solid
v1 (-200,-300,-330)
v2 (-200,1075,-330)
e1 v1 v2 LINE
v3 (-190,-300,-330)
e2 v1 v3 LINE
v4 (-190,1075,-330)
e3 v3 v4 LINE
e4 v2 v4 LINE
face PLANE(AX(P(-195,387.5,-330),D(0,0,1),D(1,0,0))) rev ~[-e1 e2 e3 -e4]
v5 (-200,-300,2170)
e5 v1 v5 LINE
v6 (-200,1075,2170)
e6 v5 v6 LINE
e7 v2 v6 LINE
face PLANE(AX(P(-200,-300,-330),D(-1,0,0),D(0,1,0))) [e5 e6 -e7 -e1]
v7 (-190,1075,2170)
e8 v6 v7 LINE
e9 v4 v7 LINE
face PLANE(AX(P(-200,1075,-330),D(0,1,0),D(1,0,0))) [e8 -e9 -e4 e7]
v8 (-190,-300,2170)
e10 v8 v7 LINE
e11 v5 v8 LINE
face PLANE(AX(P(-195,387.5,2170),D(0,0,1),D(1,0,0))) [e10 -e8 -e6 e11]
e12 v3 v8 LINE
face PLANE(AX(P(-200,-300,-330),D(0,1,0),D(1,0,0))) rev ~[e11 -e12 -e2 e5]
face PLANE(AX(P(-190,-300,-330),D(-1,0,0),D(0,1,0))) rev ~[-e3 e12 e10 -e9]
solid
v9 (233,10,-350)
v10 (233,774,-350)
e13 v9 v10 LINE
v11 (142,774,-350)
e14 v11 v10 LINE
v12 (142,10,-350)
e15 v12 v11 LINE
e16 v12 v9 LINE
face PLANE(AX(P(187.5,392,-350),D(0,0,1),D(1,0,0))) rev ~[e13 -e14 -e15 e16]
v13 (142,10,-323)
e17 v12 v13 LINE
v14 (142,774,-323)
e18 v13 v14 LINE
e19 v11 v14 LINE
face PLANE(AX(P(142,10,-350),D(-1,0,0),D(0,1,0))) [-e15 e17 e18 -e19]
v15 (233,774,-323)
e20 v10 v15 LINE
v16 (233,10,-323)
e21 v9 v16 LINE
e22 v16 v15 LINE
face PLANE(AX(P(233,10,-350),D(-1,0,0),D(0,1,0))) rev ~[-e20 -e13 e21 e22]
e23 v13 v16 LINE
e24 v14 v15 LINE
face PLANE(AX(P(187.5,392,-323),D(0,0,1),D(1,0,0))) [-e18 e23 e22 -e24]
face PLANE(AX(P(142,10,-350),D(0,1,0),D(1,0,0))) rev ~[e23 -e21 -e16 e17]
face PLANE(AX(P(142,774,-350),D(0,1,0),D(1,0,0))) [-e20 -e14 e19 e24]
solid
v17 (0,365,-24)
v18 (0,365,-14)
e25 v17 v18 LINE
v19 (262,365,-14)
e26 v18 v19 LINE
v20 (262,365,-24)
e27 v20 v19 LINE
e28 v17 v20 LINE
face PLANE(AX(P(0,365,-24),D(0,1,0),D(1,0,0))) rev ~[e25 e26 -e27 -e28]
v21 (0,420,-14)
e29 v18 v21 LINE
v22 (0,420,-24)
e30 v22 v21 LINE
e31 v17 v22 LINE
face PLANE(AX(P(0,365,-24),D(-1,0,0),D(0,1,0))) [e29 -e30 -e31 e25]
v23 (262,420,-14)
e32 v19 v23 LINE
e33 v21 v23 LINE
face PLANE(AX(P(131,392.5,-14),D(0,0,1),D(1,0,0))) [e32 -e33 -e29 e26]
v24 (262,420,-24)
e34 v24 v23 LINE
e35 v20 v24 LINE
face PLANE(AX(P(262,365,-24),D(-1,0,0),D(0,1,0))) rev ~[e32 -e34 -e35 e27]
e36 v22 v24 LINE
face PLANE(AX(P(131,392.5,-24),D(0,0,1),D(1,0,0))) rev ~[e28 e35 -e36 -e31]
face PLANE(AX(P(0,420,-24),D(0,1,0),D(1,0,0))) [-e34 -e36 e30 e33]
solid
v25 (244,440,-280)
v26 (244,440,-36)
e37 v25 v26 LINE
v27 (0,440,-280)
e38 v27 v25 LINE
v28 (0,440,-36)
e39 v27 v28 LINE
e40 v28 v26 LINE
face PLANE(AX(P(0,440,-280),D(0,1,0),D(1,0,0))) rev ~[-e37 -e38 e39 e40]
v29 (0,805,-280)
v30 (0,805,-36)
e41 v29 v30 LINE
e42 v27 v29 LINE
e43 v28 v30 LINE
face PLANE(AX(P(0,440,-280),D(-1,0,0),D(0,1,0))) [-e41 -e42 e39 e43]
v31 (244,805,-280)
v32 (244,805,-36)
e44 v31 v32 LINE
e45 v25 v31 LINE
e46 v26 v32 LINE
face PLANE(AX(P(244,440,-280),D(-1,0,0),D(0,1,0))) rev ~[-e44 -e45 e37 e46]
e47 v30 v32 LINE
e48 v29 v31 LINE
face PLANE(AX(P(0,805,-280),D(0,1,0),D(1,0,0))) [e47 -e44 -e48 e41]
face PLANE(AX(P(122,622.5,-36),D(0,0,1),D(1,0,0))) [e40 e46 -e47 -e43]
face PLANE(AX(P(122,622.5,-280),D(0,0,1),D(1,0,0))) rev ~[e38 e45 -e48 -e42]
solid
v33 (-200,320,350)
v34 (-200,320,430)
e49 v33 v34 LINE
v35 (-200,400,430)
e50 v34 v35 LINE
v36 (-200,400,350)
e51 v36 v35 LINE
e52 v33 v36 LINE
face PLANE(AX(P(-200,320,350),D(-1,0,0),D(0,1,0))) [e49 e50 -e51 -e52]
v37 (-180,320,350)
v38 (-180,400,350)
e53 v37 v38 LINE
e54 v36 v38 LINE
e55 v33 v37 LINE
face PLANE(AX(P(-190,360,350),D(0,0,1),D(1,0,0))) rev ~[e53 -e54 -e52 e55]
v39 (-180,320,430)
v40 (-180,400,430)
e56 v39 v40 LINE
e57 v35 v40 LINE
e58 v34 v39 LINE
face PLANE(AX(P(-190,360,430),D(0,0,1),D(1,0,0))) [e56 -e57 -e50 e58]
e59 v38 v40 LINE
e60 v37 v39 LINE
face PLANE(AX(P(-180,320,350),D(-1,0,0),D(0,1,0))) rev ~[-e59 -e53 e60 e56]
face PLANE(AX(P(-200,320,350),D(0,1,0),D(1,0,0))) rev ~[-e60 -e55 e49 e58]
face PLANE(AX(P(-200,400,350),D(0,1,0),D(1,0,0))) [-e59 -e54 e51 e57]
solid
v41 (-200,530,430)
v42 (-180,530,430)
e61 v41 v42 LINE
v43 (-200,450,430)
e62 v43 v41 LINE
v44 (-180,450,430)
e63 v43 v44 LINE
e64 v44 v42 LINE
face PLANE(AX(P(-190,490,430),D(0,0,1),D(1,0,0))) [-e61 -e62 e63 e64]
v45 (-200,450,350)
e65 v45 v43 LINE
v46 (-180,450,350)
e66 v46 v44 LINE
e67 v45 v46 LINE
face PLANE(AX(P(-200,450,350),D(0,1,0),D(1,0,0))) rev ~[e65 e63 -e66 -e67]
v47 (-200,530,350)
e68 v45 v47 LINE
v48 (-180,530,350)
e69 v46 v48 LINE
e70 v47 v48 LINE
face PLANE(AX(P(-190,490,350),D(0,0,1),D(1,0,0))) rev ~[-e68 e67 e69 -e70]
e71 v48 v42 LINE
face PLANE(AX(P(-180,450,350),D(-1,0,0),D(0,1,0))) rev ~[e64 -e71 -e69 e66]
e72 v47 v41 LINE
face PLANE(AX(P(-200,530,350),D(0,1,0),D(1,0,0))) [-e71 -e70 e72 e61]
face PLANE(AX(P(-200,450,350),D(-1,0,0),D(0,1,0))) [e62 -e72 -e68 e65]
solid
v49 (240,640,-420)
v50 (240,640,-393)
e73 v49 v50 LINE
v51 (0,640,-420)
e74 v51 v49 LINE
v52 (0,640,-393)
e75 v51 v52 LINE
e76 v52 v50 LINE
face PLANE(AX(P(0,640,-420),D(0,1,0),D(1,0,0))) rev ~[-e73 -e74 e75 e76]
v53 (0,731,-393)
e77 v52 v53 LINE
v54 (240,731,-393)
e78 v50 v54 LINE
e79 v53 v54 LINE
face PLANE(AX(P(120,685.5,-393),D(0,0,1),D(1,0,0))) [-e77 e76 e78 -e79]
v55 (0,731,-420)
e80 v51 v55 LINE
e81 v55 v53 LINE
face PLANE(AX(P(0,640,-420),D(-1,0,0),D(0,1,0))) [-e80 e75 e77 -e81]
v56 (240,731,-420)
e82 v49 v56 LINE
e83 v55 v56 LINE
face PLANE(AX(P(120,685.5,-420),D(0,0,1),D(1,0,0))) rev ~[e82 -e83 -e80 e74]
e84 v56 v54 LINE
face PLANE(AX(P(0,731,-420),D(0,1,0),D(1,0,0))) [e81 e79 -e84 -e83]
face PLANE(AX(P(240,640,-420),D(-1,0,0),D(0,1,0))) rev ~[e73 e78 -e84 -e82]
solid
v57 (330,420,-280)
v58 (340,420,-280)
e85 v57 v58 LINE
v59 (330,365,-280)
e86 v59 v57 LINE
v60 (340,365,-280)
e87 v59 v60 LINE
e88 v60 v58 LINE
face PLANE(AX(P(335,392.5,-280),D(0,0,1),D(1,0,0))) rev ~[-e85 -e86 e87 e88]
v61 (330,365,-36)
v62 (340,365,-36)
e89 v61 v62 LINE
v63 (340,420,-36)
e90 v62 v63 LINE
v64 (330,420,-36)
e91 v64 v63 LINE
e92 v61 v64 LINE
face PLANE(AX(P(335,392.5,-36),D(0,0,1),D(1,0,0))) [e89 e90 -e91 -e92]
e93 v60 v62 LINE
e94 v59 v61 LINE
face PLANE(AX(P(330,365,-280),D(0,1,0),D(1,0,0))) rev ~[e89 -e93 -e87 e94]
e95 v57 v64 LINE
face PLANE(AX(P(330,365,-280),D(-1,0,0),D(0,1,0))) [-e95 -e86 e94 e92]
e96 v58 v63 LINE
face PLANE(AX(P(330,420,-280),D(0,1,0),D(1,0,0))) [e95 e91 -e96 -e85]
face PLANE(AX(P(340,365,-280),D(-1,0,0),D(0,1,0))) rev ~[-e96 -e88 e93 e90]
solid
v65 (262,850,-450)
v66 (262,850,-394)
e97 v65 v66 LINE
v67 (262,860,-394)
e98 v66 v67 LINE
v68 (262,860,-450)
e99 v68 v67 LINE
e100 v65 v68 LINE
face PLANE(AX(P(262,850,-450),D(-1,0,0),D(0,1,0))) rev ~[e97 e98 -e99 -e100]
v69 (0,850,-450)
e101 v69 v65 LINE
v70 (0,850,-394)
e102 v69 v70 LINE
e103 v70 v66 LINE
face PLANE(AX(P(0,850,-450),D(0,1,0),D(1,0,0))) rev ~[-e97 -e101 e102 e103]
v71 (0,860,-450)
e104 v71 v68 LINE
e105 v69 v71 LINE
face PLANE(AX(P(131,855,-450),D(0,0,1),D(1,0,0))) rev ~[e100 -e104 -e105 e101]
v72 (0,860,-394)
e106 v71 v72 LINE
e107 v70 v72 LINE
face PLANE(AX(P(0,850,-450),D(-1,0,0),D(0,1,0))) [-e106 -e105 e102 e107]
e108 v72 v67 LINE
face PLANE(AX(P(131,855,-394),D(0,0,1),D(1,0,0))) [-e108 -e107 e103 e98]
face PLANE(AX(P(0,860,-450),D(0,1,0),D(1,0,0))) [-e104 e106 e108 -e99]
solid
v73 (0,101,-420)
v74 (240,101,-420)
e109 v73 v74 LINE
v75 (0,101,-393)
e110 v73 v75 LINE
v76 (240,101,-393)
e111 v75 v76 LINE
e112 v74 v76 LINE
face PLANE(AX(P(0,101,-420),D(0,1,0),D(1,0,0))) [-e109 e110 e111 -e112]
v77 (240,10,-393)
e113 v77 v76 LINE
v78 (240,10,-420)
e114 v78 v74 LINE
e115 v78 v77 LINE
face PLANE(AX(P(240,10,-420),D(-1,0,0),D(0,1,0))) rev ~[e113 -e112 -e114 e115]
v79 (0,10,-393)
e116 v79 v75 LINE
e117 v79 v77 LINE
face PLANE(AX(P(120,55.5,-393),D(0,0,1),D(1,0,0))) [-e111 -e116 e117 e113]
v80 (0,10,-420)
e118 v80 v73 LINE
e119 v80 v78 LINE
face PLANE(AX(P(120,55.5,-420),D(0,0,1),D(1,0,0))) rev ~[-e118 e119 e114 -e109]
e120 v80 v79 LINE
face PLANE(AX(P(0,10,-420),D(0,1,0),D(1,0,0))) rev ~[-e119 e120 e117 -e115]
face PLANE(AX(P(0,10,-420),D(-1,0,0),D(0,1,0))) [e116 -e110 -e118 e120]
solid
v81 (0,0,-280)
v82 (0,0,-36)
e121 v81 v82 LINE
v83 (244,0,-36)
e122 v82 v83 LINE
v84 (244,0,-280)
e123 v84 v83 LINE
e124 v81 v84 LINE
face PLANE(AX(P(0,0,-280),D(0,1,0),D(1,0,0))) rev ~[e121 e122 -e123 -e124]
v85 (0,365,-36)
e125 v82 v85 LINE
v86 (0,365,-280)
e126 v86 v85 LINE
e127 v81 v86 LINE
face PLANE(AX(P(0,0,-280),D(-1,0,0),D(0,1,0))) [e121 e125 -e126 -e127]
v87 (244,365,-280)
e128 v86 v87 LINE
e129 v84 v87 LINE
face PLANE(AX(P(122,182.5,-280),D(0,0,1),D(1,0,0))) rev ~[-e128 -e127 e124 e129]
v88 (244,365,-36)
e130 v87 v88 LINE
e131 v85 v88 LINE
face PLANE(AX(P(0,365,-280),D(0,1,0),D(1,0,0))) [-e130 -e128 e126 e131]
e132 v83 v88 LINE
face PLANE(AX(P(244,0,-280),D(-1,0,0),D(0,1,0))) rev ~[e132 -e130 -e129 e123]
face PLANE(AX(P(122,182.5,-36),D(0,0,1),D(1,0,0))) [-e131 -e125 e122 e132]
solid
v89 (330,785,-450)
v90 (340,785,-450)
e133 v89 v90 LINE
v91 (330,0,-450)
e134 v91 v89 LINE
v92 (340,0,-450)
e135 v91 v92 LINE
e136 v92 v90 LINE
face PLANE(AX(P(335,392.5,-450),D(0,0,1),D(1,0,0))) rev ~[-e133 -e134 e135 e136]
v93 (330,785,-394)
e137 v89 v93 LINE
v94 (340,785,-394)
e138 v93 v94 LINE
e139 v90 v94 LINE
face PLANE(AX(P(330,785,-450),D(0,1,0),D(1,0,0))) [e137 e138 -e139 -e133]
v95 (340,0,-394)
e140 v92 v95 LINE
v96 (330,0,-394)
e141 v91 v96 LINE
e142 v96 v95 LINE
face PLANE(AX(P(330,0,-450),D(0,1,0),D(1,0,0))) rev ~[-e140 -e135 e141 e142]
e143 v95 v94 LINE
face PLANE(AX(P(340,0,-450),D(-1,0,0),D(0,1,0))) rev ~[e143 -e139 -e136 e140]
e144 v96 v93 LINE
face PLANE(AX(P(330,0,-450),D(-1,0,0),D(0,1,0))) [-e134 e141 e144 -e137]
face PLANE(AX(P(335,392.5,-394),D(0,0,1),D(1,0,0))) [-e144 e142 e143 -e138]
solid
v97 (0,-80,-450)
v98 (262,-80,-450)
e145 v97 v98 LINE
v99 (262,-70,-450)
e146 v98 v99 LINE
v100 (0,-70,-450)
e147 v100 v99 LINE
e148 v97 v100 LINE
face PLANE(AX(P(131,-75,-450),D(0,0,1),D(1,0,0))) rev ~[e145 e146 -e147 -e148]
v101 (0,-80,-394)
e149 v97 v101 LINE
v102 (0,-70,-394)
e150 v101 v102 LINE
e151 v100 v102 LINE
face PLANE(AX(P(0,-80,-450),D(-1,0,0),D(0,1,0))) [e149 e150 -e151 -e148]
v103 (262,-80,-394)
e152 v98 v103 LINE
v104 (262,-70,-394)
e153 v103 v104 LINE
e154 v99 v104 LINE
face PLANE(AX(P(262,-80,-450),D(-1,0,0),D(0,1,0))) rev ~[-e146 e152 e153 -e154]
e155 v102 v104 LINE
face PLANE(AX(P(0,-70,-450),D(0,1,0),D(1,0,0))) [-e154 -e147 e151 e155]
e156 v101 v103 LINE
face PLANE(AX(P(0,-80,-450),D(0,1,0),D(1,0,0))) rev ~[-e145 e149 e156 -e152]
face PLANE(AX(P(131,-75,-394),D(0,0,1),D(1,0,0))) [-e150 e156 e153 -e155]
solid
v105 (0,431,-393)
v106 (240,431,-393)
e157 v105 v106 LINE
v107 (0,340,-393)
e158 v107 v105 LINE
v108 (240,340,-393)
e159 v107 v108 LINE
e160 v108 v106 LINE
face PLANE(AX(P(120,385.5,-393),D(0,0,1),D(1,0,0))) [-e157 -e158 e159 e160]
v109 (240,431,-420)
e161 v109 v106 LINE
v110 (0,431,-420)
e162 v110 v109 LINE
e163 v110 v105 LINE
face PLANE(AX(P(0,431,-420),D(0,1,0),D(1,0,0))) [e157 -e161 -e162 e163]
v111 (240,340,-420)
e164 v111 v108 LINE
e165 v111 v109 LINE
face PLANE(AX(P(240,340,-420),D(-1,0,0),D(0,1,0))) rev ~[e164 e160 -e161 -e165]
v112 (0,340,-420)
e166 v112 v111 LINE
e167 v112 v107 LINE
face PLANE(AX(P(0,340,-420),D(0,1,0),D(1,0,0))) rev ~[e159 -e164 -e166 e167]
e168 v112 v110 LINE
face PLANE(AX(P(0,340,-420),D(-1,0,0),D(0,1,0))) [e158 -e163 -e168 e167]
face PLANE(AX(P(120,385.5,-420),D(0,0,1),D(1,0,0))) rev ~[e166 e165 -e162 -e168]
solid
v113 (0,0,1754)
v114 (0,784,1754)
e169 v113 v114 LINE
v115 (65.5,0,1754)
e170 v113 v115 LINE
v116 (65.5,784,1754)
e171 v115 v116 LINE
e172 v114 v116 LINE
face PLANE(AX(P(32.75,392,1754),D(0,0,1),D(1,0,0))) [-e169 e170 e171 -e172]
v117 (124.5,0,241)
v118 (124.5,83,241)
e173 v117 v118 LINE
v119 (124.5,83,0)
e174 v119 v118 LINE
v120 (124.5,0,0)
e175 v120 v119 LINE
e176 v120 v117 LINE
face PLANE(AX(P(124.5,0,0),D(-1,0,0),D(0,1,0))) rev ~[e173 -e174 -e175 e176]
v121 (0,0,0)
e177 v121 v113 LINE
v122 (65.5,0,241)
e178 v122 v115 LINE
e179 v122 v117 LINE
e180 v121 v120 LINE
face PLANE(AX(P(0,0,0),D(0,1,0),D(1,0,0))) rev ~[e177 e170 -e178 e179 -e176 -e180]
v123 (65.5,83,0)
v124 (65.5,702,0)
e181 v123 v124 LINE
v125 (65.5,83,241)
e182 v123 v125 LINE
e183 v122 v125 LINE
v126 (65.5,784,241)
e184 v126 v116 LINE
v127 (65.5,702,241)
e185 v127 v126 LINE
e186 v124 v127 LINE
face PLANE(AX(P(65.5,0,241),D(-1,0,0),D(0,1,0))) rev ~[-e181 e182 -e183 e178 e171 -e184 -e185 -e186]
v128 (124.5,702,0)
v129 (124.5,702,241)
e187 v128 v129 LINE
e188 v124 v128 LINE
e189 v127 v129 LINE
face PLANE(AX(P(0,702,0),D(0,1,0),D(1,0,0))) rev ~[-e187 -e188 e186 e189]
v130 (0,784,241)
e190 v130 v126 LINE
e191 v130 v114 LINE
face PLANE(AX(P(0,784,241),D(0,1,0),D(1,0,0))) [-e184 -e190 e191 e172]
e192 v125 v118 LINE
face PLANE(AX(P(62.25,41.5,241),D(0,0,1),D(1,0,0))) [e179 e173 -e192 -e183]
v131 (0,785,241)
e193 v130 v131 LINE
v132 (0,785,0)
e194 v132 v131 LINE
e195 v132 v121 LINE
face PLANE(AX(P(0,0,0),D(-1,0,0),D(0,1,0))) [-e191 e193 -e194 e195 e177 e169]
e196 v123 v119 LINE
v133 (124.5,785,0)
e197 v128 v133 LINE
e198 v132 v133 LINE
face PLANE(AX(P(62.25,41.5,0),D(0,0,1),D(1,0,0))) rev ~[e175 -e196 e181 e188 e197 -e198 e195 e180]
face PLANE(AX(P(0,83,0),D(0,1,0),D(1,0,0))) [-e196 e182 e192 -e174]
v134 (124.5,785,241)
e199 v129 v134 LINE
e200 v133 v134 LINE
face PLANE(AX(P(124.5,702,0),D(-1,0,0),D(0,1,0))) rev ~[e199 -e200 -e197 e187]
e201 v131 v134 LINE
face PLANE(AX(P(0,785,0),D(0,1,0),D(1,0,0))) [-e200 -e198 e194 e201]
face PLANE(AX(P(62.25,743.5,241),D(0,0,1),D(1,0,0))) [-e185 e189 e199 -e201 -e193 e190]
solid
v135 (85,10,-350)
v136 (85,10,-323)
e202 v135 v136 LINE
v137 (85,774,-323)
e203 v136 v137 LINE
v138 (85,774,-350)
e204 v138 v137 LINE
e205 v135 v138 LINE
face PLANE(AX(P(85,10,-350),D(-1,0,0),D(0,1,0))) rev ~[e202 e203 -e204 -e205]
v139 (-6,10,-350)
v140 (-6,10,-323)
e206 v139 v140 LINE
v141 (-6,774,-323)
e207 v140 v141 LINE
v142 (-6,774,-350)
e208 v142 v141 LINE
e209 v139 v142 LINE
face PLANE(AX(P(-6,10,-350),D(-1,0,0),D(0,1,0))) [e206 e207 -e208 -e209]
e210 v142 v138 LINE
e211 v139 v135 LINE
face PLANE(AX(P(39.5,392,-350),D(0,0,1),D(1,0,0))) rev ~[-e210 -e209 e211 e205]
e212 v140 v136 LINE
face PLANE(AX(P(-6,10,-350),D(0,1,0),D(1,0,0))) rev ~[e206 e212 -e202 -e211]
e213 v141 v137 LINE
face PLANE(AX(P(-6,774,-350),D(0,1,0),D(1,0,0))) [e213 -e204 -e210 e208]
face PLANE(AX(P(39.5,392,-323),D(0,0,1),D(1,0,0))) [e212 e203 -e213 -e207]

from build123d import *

# Parameters (mm, degrees)
BOX002_W     = 124.5
BOX002_H     = 83
BOX002_DEPTH = 241
BOX_W        = 124.5
BOX_H        = 83
BOX_DEPTH    = 241
BOX003_W     = 65.5
BOX003_H     = 619
BOX003_DEPTH = 241
BOX001_W     = 65.5
BOX001_H     = 784
BOX001_DEPTH = 1513
BOX004_W     = 91
BOX004_H     = 764
BOX004_DEPTH = 27
BOX005_W     = 91
BOX005_H     = 764
BOX005_DEPTH = 27
BOX006_W     = 244
BOX006_H     = 365
BOX006_DEPTH = 244
BOX007_W     = 240
BOX007_H     = 91
BOX007_DEPTH = 27
BOX008_W     = 240
BOX008_H     = 91
BOX008_DEPTH = 27
BOX009_W     = 240
BOX009_H     = 91
BOX009_DEPTH = 27
BOX010_W     = 244
BOX010_H     = 365
BOX010_DEPTH = 244
BOX011_W     = 10
BOX011_H     = 1375
BOX011_DEPTH = 2500
BOX012_W     = 20
BOX012_H     = 80
BOX012_DEPTH = 80
BOX013_W     = 20
BOX013_H     = 80
BOX013_DEPTH = 80
BOX014_W     = 262
BOX014_H     = 10
BOX014_DEPTH = 56
BOX015_W     = 262
BOX015_H     = 10
BOX015_DEPTH = 56
BOX016_W     = 10
BOX016_H     = 785
BOX016_DEPTH = 56
BOX018_W     = 10
BOX018_H     = 55
BOX018_DEPTH = 244
BOX019_W     = 262
BOX019_H     = 55
BOX019_DEPTH = 10


with BuildPart() as sockelrechts:
    # Box002 → Box002 (new body)
    with BuildSketch(Plane(origin=(0, 702, 0), x_dir=(1, 0, 0), z_dir=(0, 0, 1))):
        with Locations((62.25, 41.5)):
            Rectangle(BOX002_W, BOX002_H)
    extrude(amount=BOX002_DEPTH)


with BuildPart() as sockellinks:
    # Box → Box (new body)
    with BuildSketch(Plane.XY):
        with Locations((62.25, 41.5)):
            Rectangle(BOX_W, BOX_H)
    extrude(amount=BOX_DEPTH)


with BuildPart() as spiegelflaechezwischensockel:
    # Box003 → Box003 (new body)
    with BuildSketch(Plane(origin=(0, 83, 0), x_dir=(1, 0, 0), z_dir=(0, 0, 1))):
        with Locations((32.75, 309.5)):
            Rectangle(BOX003_W, BOX003_H)
    extrude(amount=BOX003_DEPTH)


with BuildPart() as spiegelbody:
    # Box001 → Box001 (new body)
    with BuildSketch(Plane.XY.offset(241)):
        with Locations((32.75, 392)):
            Rectangle(BOX001_W, BOX001_H)
    extrude(amount=BOX001_DEPTH)

    # Connect: union SpiegelFlaecheZwischenSockel
    add(spiegelflaechezwischensockel.part)

    # Connect001: union SockelRechts, SockelLinks
    add(sockelrechts.part)
    add(sockellinks.part)


with BuildPart() as bodenkonstrleiste1:
    # Box004 → Box004 (new body)
    with BuildSketch(Plane(origin=(142, 10, -350), x_dir=(1, 0, 0), z_dir=(0, 0, 1))):
        with Locations((45.5, 382)):
            Rectangle(BOX004_W, BOX004_H)
    extrude(amount=BOX004_DEPTH)


with BuildPart() as bodenkonstrleiste002:
    # Box005 → Box005 (new body)
    with BuildSketch(Plane(origin=(-6, 10, -350), x_dir=(1, 0, 0), z_dir=(0, 0, 1))):
        with Locations((45.5, 382)):
            Rectangle(BOX005_W, BOX005_H)
    extrude(amount=BOX005_DEPTH)


with BuildPart() as ohp_left:
    # Box006 → Box006 (new body)
    with BuildSketch(Plane.XY.offset(-280)):
        with Locations((122, 182.5)):
            Rectangle(BOX006_W, BOX006_H)
    extrude(amount=BOX006_DEPTH)


with BuildPart() as box007:
    # Box007 → Box007 (new body)
    with BuildSketch(Plane(origin=(0, 10, -420), x_dir=(1, 0, 0), z_dir=(0, 0, 1))):
        with Locations((120, 45.5)):
            Rectangle(BOX007_W, BOX007_H)
    extrude(amount=BOX007_DEPTH)


with BuildPart() as box008:
    # Box008 → Box008 (new body)
    with BuildSketch(Plane(origin=(0, 340, -420), x_dir=(1, 0, 0), z_dir=(0, 0, 1))):
        with Locations((120, 45.5)):
            Rectangle(BOX008_W, BOX008_H)
    extrude(amount=BOX008_DEPTH)


with BuildPart() as box009:
    # Box009 → Box009 (new body)
    with BuildSketch(Plane(origin=(0, 640, -420), x_dir=(1, 0, 0), z_dir=(0, 0, 1))):
        with Locations((120, 45.5)):
            Rectangle(BOX009_W, BOX009_H)
    extrude(amount=BOX009_DEPTH)


with BuildPart() as ohp_right:
    # Box010 → Box010 (new body)
    with BuildSketch(Plane(origin=(0, 440, -280), x_dir=(1, 0, 0), z_dir=(0, 0, 1))):
        with Locations((122, 182.5)):
            Rectangle(BOX010_W, BOX010_H)
    extrude(amount=BOX010_DEPTH)


with BuildPart() as wand:
    # Box011 → Box011 (new body)
    with BuildSketch(Plane(origin=(-200, -300, -330), x_dir=(1, 0, 0), z_dir=(0, 0, 1))):
        with Locations((5, 687.5)):
            Rectangle(BOX011_W, BOX011_H)
    extrude(amount=BOX011_DEPTH)


with BuildPart() as steckdose1:
    # Box012 → Box012 (new body)
    with BuildSketch(Plane(origin=(-200, 320, 350), x_dir=(1, 0, 0), z_dir=(0, 0, 1))):
        with Locations((10, 40)):
            Rectangle(BOX012_W, BOX012_H)
    extrude(amount=BOX012_DEPTH)


with BuildPart() as steckdose2:
    # Box013 → Box013 (new body)
    with BuildSketch(Plane(origin=(-200, 450, 350), x_dir=(1, 0, 0), z_dir=(0, 0, 1))):
        with Locations((10, 40)):
            Rectangle(BOX013_W, BOX013_H)
    extrude(amount=BOX013_DEPTH)


with BuildPart() as bodenleistelinks:
    # Box014 → Box014 (new body)
    with BuildSketch(Plane(origin=(0, -80, -450), x_dir=(1, 0, 0), z_dir=(0, 0, 1))):
        with Locations((131, 5)):
            Rectangle(BOX014_W, BOX014_H)
    extrude(amount=BOX014_DEPTH)


with BuildPart() as bodenleisterechts:
    # Box015 → Box015 (new body)
    with BuildSketch(Plane(origin=(0, 850, -450), x_dir=(1, 0, 0), z_dir=(0, 0, 1))):
        with Locations((131, 5)):
            Rectangle(BOX015_W, BOX015_H)
    extrude(amount=BOX015_DEPTH)


with BuildPart() as bodenleistefront:
    # Box016 → Box016 (new body)
    with BuildSketch(Plane(origin=(330, 0, -450), x_dir=(1, 0, 0), z_dir=(0, 0, 1))):
        with Locations((5, 392.5)):
            Rectangle(BOX016_W, BOX016_H)
    extrude(amount=BOX016_DEPTH)


with BuildPart() as mittelleistefron:
    # Box018 → Box018 (new body)
    with BuildSketch(Plane(origin=(330, 365, -280), x_dir=(1, 0, 0), z_dir=(0, 0, 1))):
        with Locations((5, 27.5)):
            Rectangle(BOX018_W, BOX018_H)
    extrude(amount=BOX018_DEPTH)


with BuildPart() as mittelleisteoben:
    # Box019 → Box019 (new body)
    with BuildSketch(Plane(origin=(0, 365, -24), x_dir=(1, 0, 0), z_dir=(0, 0, 1))):
        with Locations((131, 27.5)):
            Rectangle(BOX019_W, BOX019_H)
    extrude(amount=BOX019_DEPTH)


solid = Compound([spiegelbody.part, bodenkonstrleiste1.part, bodenkonstrleiste002.part, ohp_left.part, box007.part, box008.part, box009.part, ohp_right.part, wand.part, steckdose1.part, steckdose2.part, bodenleistelinks.part, bodenleisterechts.part, bodenleistefront.part, mittelleistefron.part, mittelleisteoben.part])
